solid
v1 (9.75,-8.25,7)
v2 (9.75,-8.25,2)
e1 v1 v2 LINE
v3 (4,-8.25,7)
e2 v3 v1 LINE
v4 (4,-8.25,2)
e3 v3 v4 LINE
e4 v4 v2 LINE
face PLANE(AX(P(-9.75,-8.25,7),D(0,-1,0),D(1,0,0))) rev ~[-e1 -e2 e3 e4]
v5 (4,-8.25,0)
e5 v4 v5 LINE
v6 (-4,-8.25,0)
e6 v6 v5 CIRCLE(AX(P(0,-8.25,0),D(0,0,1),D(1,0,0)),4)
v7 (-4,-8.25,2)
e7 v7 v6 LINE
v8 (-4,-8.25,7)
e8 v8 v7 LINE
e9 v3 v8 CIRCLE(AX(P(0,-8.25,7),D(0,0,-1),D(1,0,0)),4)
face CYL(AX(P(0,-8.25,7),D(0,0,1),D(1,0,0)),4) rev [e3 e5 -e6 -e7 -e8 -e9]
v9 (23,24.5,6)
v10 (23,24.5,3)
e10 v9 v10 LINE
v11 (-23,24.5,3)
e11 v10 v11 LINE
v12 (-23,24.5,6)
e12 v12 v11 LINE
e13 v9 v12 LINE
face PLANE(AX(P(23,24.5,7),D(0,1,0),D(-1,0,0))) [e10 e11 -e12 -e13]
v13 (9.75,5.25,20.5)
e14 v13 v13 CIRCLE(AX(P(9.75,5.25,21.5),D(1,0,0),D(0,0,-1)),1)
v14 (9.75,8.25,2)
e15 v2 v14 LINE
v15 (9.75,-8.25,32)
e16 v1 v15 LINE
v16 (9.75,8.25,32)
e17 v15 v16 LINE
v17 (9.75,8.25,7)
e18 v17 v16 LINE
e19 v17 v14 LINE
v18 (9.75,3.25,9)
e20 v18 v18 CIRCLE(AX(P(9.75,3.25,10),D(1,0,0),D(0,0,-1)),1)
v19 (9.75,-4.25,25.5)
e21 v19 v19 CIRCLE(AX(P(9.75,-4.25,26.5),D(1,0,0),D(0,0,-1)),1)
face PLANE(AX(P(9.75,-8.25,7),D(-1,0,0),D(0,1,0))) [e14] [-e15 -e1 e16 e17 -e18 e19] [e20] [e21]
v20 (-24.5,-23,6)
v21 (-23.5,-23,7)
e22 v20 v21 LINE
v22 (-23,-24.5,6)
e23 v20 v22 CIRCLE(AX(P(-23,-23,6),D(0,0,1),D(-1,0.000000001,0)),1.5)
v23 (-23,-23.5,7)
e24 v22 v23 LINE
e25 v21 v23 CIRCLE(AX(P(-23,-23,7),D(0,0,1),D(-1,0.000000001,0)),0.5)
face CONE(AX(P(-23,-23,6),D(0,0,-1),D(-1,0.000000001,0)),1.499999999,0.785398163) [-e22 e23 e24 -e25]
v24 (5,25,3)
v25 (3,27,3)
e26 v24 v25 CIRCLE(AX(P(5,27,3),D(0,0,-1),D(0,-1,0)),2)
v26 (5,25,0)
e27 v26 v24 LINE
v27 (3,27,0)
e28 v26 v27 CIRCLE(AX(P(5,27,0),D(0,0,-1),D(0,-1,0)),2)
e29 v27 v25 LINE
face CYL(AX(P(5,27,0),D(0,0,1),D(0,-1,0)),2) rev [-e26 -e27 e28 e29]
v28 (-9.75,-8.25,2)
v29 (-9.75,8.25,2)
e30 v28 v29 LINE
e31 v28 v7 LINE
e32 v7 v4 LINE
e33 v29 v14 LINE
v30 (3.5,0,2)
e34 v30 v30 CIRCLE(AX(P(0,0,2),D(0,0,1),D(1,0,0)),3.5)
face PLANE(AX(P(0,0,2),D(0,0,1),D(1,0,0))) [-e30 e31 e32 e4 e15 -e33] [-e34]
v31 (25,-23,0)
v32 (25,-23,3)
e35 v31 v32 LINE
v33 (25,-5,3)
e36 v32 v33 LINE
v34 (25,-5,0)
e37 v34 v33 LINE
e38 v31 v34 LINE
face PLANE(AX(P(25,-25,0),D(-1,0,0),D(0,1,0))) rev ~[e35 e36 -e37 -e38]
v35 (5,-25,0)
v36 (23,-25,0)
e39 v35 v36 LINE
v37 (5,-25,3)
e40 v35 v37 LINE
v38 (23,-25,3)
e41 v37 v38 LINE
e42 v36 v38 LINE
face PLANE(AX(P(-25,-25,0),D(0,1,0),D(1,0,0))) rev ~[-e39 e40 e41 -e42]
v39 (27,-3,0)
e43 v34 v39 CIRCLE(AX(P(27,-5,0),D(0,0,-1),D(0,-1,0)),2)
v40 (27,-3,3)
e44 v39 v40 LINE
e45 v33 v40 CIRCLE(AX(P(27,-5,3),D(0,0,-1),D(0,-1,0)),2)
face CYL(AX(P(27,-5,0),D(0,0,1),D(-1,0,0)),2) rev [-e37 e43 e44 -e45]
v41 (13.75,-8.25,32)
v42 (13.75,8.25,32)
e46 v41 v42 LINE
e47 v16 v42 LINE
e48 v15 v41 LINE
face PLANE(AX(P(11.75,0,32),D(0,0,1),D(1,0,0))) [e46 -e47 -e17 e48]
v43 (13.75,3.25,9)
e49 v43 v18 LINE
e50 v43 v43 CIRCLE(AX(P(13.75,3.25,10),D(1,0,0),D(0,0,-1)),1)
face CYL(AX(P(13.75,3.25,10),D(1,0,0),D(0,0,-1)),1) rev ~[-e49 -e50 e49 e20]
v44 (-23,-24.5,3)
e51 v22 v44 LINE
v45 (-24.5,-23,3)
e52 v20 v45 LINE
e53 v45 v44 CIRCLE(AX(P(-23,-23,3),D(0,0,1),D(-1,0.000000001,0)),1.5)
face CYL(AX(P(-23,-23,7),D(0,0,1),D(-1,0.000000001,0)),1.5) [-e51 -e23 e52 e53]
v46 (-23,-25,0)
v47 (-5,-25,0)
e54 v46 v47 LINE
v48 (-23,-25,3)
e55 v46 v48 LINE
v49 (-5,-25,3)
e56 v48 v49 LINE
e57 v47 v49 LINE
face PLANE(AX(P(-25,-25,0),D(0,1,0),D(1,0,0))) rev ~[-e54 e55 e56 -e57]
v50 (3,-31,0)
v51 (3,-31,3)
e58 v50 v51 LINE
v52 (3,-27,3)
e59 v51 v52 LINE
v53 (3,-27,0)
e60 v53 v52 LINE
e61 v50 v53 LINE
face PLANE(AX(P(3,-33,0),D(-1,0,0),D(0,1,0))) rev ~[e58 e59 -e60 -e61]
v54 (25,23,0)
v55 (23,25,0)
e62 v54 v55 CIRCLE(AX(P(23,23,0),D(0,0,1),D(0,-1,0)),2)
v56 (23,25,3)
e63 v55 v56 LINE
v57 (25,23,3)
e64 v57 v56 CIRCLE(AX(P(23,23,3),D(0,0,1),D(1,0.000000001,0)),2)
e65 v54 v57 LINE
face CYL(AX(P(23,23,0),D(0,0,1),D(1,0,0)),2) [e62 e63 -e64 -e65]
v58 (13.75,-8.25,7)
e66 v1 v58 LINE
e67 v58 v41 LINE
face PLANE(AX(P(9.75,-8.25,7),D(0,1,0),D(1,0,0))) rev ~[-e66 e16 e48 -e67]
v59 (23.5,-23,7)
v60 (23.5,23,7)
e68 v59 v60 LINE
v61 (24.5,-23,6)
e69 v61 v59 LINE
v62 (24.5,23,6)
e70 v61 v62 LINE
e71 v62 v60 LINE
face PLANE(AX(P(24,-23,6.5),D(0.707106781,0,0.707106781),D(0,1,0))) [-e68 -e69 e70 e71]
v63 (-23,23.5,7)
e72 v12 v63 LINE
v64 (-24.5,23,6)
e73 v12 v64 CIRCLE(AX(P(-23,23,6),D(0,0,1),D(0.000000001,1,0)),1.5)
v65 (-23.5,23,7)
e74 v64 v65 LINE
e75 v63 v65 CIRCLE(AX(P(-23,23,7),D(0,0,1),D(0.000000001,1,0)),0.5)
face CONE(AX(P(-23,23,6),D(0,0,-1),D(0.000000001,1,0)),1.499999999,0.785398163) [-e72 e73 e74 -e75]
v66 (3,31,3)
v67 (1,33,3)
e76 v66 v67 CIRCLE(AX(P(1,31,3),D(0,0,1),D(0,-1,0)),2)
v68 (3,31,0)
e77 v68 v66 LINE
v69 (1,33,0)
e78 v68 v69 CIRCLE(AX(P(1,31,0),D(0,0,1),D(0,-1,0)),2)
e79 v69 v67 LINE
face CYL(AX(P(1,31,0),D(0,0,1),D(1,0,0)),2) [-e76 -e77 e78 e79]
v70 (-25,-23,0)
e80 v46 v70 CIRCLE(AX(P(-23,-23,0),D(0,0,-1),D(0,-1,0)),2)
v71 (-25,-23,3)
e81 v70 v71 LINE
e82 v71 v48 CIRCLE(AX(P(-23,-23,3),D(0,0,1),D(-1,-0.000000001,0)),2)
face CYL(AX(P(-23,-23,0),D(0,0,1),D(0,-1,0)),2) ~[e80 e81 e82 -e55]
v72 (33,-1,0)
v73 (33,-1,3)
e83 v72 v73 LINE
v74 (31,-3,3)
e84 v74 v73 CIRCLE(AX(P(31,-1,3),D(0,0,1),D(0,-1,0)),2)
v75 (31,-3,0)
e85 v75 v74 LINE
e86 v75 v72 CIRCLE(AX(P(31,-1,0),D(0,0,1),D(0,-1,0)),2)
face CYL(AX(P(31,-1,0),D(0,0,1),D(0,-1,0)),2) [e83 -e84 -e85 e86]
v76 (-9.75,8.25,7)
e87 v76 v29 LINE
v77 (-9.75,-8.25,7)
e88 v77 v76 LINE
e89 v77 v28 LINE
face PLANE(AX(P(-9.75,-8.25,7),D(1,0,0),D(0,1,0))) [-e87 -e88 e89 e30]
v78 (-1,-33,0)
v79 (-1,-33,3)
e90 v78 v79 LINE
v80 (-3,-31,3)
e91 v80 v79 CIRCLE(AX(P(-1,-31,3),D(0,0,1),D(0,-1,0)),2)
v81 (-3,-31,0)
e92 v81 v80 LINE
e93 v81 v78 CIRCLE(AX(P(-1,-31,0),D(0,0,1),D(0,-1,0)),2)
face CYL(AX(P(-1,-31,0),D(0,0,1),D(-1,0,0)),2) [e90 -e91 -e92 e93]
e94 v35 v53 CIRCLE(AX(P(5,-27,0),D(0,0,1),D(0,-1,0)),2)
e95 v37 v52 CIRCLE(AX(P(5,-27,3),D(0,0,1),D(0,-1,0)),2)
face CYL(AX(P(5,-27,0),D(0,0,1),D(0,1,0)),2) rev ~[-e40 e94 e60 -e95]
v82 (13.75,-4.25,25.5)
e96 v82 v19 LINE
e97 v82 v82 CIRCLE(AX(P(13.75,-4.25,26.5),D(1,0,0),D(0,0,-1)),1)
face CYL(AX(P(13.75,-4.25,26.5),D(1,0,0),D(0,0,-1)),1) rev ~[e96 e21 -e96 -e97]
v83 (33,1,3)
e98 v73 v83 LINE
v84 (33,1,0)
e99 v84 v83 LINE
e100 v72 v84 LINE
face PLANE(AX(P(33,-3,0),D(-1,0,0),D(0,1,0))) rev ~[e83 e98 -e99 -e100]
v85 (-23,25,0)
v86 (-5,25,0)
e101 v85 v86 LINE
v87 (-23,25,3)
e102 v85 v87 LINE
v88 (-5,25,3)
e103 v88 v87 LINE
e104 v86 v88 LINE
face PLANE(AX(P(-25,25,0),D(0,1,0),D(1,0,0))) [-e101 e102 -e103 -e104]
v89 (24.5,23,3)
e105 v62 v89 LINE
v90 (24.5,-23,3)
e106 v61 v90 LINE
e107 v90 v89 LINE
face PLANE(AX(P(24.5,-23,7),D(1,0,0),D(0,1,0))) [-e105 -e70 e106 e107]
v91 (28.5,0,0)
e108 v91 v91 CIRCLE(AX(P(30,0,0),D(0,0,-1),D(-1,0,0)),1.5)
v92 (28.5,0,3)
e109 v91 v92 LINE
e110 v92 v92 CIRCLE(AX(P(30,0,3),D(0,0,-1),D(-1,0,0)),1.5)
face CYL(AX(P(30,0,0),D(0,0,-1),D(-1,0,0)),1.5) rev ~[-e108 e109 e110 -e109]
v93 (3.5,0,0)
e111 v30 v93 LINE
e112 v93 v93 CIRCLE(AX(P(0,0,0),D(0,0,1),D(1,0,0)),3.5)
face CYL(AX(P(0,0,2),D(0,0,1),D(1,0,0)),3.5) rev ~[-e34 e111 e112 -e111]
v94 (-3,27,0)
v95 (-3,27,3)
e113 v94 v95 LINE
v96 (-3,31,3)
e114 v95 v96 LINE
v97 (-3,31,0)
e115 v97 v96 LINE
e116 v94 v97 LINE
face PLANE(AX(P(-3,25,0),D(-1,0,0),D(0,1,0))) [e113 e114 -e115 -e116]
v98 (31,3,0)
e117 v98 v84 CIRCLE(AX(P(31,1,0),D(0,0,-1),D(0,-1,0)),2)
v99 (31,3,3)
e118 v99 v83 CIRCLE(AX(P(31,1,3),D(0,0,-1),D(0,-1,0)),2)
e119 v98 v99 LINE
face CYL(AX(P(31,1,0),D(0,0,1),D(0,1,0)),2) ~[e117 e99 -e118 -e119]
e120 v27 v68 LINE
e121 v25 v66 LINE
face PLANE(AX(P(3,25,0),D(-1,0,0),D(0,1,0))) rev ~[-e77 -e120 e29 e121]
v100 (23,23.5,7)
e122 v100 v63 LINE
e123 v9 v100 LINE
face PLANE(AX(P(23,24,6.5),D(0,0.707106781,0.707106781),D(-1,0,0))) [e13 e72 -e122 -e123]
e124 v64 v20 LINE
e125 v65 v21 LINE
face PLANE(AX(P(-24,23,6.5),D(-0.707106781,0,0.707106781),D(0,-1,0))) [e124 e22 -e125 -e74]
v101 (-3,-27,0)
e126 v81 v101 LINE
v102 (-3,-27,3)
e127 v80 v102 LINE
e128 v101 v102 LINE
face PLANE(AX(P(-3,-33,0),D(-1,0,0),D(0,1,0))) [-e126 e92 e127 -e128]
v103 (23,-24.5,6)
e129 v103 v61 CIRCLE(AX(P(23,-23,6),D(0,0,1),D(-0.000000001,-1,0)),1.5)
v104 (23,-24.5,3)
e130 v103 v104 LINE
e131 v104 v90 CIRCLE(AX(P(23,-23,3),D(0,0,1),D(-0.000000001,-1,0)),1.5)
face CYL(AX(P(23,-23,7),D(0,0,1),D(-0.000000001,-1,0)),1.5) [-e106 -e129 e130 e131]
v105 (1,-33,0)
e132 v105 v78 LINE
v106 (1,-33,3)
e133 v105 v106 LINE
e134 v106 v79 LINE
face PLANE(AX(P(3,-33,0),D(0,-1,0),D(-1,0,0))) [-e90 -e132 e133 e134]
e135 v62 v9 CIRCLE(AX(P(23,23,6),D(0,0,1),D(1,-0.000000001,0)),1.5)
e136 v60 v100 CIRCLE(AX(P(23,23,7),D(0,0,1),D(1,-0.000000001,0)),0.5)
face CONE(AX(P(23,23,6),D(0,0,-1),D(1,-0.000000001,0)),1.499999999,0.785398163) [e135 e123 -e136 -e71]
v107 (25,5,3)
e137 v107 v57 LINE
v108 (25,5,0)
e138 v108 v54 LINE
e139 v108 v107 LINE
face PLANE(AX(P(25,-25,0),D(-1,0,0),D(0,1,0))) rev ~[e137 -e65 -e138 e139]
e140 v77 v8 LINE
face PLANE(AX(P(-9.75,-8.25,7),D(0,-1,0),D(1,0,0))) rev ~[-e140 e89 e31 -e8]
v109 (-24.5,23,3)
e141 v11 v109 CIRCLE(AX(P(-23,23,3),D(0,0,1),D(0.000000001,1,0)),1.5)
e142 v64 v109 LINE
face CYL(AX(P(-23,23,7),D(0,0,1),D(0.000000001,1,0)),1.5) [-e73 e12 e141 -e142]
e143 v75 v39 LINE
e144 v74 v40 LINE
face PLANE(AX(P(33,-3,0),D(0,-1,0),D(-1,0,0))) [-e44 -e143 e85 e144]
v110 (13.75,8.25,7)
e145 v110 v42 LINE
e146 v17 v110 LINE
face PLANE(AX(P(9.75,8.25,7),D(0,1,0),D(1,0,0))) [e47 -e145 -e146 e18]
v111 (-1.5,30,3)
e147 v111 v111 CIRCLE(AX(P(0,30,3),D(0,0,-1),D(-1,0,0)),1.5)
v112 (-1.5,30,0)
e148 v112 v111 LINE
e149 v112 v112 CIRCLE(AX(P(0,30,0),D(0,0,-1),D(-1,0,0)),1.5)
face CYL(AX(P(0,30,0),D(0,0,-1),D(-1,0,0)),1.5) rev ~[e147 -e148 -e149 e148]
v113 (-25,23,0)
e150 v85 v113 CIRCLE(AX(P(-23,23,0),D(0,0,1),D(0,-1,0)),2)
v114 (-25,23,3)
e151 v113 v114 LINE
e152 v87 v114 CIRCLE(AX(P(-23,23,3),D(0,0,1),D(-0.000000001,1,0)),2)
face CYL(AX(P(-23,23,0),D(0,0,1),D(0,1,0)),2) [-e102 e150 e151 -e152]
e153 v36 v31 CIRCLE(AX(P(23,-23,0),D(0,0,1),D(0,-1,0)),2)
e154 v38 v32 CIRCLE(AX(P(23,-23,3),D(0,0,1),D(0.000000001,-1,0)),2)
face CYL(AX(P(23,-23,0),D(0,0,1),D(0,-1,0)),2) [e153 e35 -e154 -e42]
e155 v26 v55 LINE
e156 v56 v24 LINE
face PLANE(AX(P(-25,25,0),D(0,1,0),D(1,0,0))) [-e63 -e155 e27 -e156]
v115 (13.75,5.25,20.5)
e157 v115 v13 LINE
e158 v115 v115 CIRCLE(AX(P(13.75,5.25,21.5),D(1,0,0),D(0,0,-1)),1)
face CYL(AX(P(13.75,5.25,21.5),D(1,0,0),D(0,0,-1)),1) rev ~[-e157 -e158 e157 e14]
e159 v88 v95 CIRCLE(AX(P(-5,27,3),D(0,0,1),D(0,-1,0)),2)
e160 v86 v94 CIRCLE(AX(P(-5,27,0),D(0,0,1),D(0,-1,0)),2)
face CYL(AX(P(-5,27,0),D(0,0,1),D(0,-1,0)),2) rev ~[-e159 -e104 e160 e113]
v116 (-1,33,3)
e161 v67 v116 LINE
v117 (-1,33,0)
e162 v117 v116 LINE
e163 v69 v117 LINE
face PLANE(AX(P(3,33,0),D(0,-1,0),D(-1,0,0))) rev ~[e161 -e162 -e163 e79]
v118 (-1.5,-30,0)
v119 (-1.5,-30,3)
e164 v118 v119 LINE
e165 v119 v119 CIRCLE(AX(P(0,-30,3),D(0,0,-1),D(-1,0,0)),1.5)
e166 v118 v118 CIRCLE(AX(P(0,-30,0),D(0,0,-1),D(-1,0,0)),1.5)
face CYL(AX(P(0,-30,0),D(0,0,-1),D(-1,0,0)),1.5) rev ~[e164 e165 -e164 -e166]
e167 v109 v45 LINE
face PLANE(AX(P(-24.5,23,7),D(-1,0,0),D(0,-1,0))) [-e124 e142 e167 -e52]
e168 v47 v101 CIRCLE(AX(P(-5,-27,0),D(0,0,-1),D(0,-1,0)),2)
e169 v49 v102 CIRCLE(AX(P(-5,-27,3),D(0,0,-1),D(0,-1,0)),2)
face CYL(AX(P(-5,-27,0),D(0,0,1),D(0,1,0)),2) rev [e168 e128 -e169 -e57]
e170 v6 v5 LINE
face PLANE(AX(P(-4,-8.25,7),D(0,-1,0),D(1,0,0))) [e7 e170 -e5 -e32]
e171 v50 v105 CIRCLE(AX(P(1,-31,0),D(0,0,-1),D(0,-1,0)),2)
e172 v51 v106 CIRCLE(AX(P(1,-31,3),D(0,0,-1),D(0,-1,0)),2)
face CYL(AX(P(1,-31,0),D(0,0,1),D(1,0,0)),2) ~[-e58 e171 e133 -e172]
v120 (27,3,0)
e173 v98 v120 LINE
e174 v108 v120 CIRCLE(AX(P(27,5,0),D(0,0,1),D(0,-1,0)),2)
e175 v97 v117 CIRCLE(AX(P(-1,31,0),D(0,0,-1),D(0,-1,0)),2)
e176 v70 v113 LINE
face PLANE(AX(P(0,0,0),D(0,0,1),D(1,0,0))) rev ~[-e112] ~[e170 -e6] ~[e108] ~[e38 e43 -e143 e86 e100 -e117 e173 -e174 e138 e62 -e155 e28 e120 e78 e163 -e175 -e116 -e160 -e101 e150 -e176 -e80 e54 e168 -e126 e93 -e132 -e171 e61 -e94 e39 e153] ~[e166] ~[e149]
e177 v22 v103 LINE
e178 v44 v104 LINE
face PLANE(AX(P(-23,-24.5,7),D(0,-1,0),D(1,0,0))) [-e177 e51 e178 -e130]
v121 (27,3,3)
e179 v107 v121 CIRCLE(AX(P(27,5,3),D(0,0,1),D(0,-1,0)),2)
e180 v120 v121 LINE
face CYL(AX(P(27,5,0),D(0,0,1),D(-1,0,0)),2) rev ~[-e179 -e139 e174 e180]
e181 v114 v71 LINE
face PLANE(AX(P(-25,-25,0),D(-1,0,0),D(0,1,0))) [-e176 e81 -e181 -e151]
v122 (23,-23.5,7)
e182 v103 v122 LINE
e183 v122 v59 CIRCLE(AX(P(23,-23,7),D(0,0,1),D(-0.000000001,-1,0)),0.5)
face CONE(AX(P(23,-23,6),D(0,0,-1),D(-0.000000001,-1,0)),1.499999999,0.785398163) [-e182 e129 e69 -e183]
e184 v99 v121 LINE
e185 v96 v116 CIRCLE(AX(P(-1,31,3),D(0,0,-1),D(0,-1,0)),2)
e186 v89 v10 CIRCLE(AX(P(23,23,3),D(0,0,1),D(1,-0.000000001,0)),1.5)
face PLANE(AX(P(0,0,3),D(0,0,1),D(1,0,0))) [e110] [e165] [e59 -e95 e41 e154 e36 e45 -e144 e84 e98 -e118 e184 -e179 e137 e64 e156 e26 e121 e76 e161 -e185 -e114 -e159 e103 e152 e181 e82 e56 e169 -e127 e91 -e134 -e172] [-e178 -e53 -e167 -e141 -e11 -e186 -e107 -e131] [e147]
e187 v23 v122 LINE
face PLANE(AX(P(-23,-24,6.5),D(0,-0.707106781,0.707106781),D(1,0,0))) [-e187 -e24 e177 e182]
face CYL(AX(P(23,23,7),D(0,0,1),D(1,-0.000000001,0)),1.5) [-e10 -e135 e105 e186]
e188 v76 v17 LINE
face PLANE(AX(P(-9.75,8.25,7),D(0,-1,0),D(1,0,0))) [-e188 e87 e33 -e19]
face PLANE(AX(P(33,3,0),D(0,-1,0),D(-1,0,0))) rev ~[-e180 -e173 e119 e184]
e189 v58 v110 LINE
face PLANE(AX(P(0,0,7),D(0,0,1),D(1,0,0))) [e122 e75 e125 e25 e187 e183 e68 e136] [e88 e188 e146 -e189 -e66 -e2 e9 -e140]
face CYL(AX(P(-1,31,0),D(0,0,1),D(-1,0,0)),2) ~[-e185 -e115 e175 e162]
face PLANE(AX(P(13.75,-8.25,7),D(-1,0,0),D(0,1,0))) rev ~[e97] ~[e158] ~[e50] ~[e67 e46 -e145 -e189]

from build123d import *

# Parameters (mm, degrees)
SKETCH1_W           = 50
SKETCH1_H           = 50
BOSS_EXTRUDE1_DEPTH = 7
SKETCH3_W           = 19.5
SKETCH3_H           = 16.5
CUT_EXTRUDE1_DEPTH  = 5
SKETCH4_R           = 3.5
CUT_EXTRUDE2_DEPTH  = 5
CUT_EXTRUDE4_DEPTH  = 37.041642582
SKETCH6_W           = 4
SKETCH6_H           = 16.5
BOSS_EXTRUDE2_DEPTH = 25
SKETCH7_R           = 1
CUT_EXTRUDE5_DEPTH  = 57.129871726
SKETCH10_W          = 6
SKETCH10_H          = 8
SKETCH10_R          = 1.5
SKETCH10_W_2        = 8
SKETCH10_H_2        = 6
BOSS_EXTRUDE3_DEPTH = 3
FILLET1_R           = 2
FILLET2_R           = 2
CUT_EXTRUDE6_DEPTH  = 4
CHAMFER1_SIZE       = 1


with BuildPart() as part:
    # Sketch1 → Boss-Extrude1 (new body)
    with BuildSketch(Plane.XY):
        Rectangle(SKETCH1_W, SKETCH1_H)
    extrude(amount=BOSS_EXTRUDE1_DEPTH)

    # Sketch3 → Cut-Extrude1 (cut)
    with BuildSketch(Plane.XY.offset(7)):
        Rectangle(SKETCH3_W, SKETCH3_H)
    extrude(amount=-CUT_EXTRUDE1_DEPTH, mode=Mode.SUBTRACT)

    # Sketch4 → Cut-Extrude2 (cut)
    with BuildSketch(Plane.XY.offset(2)):
        Circle(SKETCH4_R)
    extrude(amount=-CUT_EXTRUDE2_DEPTH, mode=Mode.SUBTRACT)

    # Sketch5 → Cut-Extrude4 (cut, through all)
    with BuildSketch(Plane.XY.offset(7)):
        with BuildLine():
            Line((-4, -8.25), (4, -8.25))
            ThreePointArc((4, -8.25), (0, -12.25), (-4, -8.25))
        make_face()
    extrude(amount=-CUT_EXTRUDE4_DEPTH, mode=Mode.SUBTRACT)

    # Sketch6 → Boss-Extrude2 (add)
    with BuildSketch(Plane.XY.offset(7)):
        with Locations((11.75, 0)):
            Rectangle(SKETCH6_W, SKETCH6_H)
    extrude(amount=BOSS_EXTRUDE2_DEPTH)

    # Sketch7 → Cut-Extrude5 (cut, through all)
    with BuildSketch(Plane(origin=(13.75, 0, 0), x_dir=(0, 0, -1), z_dir=(1, 0, 0))):
        with Locations((-10, 3.25)):
            Circle(SKETCH7_R)
        with Locations((-26.5, -4.25)):
            Circle(SKETCH7_R)
        with Locations((-21.5, 5.25)):
            Circle(SKETCH7_R)
    extrude(amount=-CUT_EXTRUDE5_DEPTH, mode=Mode.SUBTRACT)

    # Sketch10 → Boss-Extrude3 (add)
    # profile 1 of 3: a face of its own
    with BuildSketch(Plane(origin=(0, 0, 0), x_dir=(-1, 0, 0), z_dir=(0, 0, -1))):
        with Locations((0, 29)):
            Rectangle(SKETCH10_W, SKETCH10_H)
        with Locations((0, 30)):
            Circle(SKETCH10_R, mode=Mode.SUBTRACT)
    # profile 2 of 3: a face of its own
    with BuildSketch(Plane(origin=(0, 0, 0), x_dir=(-1, 0, 0), z_dir=(0, 0, -1))):
        with Locations((-29, 0)):
            Rectangle(SKETCH10_W_2, SKETCH10_H_2)
        with Locations((-30, 0)):
            Circle(SKETCH10_R, mode=Mode.SUBTRACT)
    # profile 3 of 3: a face of its own
    with BuildSketch(Plane(origin=(0, 0, 0), x_dir=(-1, 0, 0), z_dir=(0, 0, -1))):
        with Locations((0, -29)):
            Rectangle(SKETCH10_W, SKETCH10_H)
        with Locations((0, -30)):
            Circle(SKETCH10_R, mode=Mode.SUBTRACT)
    extrude(amount=-BOSS_EXTRUDE3_DEPTH)

    # Fillet1
    fillet1_edges = [part.edges().sort_by_distance(p)[0] for p in [
        (3, -25, 1.5),
        (-3, -25, 1.5),
        (-3, -33, 1.5),
        (3, -33, 1.5),
        (25, 3, 1.5),
        (25, -3, 1.5),
        (33, -3, 1.5),
        (33, 3, 1.5),
        (-3, 25, 1.5),
        (3, 25, 1.5),
        (3, 33, 1.5),
        (-3, 33, 1.5),
    ]]
    fillet(fillet1_edges, radius=FILLET1_R)

    # Fillet2
    fillet2_edges = [part.edges().sort_by_distance(p)[0] for p in [
        (25, -25, 3.5),
        (-25, -25, 3.5),
        (-25, 25, 3.5),
        (25, 25, 3.5),
    ]]
    fillet(fillet2_edges, radius=FILLET2_R)

    # Sketch11 → Cut-Extrude6 (cut)
    with BuildSketch(Plane.XY.offset(7)):
        with BuildLine():
            Line((23, 25), (-23, 25))
            ThreePointArc((-23, 25), (-24.414213562, 24.414213562), (-25, 23))
            Line((-25, 23), (-25, -23))
            ThreePointArc((-25, -23), (-24.414213562, -24.414213562), (-23, -25))
            Line((-23, -25), (23, -25))
            ThreePointArc((23, -25), (24.414213562, -24.414213562), (25, -23))
            Line((25, -23), (25, 23))
            ThreePointArc((25, 23), (24.414213562, 24.414213562), (23, 25))
        make_face()
        with BuildLine():
            Line((23, 24.5), (-23, 24.5))
            ThreePointArc((-23, 24.5), (-24.060660172, 24.060660172), (-24.5, 23))
            Line((-24.5, 23), (-24.5, -23))
            ThreePointArc((-24.5, -23), (-24.060660172, -24.060660172), (-23, -24.5))
            Line((-23, -24.5), (23, -24.5))
            ThreePointArc((23, -24.5), (24.060660172, -24.060660172), (24.5, -23))
            Line((24.5, -23), (24.5, 23))
            ThreePointArc((24.5, 23), (24.060660172, 24.060660172), (23, 24.5))
        make_face(mode=Mode.SUBTRACT)
    extrude(amount=-CUT_EXTRUDE6_DEPTH, mode=Mode.SUBTRACT)

    # Chamfer1
    chamfer1_edges = [part.edges().sort_by_distance(p)[0] for p in [
        (0, 24.5, 7),
        (-24.060660172, 24.060660172, 7),
        (-24.5, 0, 7),
        (-24.060660172, -24.060660172, 7),
        (0, -24.5, 7),
        (24.060660172, -24.060660172, 7),
        (24.5, 0, 7),
        (24.060660172, 24.060660172, 7),
    ]]
    chamfer(chamfer1_edges, length=CHAMFER1_SIZE)


solid = part.part
